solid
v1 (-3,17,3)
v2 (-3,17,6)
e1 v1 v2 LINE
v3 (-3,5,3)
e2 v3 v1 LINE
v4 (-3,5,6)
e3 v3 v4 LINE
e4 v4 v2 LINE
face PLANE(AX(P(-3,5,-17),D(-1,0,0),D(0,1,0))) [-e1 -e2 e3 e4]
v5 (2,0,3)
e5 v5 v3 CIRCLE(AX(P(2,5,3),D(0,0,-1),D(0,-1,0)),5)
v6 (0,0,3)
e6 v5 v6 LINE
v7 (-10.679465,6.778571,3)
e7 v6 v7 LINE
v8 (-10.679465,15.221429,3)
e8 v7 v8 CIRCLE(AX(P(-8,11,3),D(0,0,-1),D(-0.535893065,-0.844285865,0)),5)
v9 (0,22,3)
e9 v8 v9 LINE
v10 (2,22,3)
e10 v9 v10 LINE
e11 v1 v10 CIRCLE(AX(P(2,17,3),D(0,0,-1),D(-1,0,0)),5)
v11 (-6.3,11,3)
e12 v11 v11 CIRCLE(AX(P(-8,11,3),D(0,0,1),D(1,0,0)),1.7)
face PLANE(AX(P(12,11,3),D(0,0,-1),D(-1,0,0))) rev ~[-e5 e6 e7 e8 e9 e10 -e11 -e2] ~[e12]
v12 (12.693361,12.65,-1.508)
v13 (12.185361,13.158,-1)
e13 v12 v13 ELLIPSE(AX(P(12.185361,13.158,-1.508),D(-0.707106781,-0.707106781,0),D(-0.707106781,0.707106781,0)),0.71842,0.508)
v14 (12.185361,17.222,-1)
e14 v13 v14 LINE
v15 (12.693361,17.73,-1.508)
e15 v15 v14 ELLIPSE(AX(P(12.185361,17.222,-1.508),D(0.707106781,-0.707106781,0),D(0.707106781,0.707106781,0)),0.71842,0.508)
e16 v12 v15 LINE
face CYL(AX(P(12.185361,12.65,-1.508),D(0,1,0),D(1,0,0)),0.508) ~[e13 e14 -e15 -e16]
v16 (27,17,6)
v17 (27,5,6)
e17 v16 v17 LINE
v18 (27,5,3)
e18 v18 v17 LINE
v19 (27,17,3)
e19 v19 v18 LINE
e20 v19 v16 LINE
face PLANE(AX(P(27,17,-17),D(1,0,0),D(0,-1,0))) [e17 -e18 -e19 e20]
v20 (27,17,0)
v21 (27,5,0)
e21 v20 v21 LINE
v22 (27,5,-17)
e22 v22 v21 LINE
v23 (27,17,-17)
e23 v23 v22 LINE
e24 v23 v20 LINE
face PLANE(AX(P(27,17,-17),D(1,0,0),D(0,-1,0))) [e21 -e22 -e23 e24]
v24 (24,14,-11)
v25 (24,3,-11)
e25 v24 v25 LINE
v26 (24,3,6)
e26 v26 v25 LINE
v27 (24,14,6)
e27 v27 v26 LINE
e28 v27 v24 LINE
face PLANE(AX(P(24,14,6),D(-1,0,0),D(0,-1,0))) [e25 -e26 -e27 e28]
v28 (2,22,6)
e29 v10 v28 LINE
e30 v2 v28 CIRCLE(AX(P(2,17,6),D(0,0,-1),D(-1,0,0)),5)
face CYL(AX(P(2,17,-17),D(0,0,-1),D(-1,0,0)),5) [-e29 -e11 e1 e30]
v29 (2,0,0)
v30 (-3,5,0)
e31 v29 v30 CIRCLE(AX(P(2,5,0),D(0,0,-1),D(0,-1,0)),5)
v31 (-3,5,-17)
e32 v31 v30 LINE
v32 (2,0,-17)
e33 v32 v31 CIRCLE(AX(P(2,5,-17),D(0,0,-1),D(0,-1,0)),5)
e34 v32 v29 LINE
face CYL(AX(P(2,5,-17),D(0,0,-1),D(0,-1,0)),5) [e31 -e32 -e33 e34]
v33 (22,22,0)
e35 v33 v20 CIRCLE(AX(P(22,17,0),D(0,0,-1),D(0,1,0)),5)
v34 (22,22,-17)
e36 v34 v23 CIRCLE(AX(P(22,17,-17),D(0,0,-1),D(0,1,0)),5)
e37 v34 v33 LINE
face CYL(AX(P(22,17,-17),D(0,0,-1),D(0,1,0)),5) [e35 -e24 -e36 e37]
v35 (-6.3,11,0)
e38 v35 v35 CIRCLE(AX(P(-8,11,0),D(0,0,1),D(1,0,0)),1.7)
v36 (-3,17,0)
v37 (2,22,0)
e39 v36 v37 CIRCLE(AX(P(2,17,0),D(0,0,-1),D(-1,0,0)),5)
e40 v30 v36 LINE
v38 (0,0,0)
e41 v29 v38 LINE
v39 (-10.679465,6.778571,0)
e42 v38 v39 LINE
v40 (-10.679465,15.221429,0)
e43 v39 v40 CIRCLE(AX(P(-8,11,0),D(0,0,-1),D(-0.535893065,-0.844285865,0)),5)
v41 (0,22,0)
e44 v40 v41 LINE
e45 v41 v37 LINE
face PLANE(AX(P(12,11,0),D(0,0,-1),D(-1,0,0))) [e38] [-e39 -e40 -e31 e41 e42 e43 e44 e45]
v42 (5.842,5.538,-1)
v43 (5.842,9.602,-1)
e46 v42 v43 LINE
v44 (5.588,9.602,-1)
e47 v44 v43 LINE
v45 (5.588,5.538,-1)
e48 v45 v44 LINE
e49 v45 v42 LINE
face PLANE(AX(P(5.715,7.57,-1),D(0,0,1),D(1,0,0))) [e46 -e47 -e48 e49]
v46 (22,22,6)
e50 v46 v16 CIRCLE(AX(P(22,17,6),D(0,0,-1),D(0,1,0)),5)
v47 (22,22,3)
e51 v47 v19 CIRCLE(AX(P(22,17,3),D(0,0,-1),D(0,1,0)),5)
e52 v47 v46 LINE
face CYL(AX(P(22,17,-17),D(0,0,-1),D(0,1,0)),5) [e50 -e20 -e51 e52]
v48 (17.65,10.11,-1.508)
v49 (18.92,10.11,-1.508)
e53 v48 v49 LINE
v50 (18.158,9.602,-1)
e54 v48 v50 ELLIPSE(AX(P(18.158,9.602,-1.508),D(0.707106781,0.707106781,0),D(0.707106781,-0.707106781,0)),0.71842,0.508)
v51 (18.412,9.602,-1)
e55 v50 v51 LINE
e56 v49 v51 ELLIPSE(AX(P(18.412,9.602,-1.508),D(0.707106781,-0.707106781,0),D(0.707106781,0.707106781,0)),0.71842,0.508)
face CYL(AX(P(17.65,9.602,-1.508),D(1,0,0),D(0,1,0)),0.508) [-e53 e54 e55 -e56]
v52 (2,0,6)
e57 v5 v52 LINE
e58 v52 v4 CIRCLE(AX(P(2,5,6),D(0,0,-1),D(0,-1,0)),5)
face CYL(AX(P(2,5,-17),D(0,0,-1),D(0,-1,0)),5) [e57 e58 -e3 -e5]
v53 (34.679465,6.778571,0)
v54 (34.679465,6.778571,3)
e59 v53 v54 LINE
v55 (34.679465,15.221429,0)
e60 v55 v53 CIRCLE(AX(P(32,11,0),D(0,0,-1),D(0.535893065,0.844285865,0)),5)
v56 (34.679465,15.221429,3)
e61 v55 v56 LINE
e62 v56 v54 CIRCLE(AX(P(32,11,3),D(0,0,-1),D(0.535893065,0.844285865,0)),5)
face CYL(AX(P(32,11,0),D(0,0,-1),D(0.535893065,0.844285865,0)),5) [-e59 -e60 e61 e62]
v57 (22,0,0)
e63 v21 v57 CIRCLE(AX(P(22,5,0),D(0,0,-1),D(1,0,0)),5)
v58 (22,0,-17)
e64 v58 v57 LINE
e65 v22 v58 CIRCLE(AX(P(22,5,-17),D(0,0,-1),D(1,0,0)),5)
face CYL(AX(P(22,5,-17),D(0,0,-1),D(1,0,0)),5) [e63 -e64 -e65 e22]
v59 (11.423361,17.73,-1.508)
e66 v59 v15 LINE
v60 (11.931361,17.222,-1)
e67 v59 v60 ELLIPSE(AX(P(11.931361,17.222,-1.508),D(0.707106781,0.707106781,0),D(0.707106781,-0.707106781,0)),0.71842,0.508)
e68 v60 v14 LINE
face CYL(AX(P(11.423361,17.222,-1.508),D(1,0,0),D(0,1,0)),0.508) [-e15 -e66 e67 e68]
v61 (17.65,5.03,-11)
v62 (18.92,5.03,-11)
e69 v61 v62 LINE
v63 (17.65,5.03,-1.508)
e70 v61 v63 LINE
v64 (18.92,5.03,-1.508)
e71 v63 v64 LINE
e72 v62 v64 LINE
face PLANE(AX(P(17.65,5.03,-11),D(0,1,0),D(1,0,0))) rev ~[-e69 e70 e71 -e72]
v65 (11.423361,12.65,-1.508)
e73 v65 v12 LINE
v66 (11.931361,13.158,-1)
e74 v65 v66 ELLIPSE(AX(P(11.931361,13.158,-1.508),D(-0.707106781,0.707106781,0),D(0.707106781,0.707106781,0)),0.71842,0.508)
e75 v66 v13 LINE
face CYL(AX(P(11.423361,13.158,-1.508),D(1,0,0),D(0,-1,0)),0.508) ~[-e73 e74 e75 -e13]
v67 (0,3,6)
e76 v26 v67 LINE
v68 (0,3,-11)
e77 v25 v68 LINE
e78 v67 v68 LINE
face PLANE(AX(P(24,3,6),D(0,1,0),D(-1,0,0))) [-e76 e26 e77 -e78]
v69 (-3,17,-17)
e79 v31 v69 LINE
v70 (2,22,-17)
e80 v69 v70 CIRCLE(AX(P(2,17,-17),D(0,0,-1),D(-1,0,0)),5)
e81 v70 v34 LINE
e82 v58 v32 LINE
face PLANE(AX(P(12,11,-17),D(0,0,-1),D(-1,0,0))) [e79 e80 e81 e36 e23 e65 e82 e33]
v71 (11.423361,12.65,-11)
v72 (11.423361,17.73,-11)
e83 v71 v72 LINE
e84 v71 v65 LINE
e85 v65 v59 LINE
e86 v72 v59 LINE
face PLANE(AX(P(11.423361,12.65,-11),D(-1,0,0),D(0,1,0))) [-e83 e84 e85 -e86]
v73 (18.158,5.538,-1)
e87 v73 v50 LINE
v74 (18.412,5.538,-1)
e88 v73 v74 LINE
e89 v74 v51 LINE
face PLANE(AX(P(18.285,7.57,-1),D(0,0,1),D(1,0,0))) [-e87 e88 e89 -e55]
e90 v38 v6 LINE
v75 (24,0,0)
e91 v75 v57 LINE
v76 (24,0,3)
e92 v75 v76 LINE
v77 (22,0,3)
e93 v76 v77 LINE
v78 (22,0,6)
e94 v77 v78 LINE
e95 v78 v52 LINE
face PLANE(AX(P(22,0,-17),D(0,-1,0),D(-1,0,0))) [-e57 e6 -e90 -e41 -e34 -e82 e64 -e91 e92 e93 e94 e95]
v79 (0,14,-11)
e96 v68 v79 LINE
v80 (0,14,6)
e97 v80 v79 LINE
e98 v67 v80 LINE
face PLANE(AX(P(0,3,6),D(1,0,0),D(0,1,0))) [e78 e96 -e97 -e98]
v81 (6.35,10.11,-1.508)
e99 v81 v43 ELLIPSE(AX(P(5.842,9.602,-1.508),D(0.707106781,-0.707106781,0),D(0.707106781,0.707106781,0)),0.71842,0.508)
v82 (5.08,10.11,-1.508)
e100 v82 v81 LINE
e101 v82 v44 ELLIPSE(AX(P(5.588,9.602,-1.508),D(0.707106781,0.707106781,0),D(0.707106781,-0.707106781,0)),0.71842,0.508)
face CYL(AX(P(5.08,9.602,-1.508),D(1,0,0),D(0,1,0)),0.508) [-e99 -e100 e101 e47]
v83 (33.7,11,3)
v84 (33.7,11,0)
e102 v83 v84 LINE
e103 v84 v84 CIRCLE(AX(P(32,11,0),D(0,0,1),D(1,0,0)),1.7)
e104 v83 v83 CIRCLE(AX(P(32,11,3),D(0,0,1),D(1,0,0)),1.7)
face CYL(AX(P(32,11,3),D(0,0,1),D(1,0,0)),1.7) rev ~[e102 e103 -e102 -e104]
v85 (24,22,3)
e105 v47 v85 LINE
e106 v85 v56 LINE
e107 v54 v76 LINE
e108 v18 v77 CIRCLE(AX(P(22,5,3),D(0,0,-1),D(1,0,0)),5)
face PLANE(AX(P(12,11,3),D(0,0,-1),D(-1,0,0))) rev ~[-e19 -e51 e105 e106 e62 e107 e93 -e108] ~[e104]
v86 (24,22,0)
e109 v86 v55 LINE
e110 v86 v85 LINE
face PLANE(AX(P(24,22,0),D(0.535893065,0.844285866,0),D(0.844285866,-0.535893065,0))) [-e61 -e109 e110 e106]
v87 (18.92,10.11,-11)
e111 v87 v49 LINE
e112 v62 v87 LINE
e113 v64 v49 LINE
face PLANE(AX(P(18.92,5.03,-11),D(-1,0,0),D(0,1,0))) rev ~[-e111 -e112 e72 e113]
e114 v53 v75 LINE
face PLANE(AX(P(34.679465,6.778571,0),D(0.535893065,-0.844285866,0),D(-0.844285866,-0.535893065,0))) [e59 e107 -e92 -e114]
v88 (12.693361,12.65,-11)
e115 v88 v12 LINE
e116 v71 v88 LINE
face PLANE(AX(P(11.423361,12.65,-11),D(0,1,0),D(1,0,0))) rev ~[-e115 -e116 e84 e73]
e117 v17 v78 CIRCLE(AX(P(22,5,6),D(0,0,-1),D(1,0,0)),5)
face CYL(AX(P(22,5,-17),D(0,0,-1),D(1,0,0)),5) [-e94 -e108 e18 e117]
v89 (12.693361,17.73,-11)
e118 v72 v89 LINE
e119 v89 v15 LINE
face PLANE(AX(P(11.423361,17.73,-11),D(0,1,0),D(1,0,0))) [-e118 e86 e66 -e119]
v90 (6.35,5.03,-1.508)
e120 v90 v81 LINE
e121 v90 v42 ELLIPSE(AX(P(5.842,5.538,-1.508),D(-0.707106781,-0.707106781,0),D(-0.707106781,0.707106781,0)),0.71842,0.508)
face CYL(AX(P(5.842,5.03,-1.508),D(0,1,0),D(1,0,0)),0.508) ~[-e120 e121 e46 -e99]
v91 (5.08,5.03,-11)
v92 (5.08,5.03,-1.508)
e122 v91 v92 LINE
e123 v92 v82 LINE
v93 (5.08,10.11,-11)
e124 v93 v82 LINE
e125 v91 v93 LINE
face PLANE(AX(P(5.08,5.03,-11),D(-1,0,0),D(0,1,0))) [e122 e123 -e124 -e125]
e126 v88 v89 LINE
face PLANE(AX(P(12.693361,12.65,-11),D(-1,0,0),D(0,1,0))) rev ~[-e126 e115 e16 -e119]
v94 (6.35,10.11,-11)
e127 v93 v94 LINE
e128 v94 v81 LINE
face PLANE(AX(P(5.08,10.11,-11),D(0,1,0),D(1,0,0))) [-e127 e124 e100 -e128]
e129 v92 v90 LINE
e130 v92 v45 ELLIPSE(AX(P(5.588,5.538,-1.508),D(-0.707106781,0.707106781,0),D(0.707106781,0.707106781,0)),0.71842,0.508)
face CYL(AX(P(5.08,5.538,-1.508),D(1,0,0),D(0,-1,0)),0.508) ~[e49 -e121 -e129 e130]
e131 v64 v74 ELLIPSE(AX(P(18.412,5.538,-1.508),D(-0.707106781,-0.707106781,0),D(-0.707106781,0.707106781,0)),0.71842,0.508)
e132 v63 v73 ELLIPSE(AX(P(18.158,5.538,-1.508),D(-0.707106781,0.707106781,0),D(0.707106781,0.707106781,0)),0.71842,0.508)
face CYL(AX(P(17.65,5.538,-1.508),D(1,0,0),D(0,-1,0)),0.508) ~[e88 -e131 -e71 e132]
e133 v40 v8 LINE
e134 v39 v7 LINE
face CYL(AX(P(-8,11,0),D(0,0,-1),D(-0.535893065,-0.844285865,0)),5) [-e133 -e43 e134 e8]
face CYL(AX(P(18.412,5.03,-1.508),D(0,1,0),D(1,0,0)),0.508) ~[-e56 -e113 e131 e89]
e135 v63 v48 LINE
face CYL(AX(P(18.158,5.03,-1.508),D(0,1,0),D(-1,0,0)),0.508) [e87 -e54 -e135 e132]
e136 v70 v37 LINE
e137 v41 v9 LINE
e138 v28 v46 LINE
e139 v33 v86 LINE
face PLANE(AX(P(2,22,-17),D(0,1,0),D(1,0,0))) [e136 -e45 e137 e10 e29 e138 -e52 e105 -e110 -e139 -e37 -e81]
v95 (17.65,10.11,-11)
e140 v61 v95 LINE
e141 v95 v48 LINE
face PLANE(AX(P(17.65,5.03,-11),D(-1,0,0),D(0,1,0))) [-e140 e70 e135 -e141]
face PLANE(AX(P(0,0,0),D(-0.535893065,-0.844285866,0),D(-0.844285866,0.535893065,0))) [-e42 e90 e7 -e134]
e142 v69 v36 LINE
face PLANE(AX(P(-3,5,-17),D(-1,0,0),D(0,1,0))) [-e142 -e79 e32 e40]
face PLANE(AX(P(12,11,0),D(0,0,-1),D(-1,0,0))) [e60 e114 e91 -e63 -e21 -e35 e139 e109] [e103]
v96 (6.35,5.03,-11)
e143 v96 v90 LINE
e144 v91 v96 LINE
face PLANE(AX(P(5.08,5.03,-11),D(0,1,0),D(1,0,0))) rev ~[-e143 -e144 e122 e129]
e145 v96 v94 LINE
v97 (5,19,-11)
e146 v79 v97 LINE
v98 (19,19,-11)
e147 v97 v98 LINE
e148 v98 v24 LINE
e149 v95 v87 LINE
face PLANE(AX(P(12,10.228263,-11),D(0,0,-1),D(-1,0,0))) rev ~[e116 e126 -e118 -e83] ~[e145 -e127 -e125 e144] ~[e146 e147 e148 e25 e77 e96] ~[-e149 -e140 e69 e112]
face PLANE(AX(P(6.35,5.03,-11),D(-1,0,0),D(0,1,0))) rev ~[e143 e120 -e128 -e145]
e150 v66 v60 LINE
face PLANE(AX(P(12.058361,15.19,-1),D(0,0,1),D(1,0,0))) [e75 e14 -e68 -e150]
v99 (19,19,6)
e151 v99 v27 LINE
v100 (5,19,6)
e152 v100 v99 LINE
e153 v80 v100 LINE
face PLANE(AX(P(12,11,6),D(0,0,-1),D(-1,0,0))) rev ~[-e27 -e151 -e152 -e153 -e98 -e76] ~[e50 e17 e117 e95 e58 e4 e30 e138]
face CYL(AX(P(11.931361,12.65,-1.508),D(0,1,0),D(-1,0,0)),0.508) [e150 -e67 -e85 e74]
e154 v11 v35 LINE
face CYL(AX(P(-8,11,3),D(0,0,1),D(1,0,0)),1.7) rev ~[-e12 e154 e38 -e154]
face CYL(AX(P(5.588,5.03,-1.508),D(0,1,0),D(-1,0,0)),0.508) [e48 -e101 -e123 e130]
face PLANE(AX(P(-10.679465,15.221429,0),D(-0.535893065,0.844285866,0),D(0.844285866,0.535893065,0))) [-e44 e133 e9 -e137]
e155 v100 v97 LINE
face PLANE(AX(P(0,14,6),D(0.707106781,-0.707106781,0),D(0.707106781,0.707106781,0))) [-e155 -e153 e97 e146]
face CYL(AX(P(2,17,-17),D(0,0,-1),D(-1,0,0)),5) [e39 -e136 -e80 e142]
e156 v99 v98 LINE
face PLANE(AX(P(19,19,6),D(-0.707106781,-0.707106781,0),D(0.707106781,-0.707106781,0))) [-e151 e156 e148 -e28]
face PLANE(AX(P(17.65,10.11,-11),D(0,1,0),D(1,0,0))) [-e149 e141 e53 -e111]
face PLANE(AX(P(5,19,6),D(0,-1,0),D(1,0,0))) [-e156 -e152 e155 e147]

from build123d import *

# Parameters (mm, degrees)
BOSS_EXTRUDE1_DEPTH      = 3
SKETCH2_R                = 1.7
CUT_EXTRUDE1_DEPTH       = 3
BOSS_EXTRUDE2_DEPTH      = 3
BOSS_EXTRUDE2_DEPTH_BACK = 20
CUT_EXTRUDE2_DEPTH       = 17
SKETCH6_W                = 1.27
SKETCH6_H                = 5.08
BOSS_EXTRUDE3_DEPTH      = 10
FILLET1_R                = 0.508


with BuildPart() as part:
    # Sketch1 → Boss-Extrude1 (new body)
    with BuildSketch(Plane.XY):
        with BuildLine():
            Line((24, 22), (34.679465326, 15.221429328))
            ThreePointArc((34.679465326, 15.221429328), (37, 11), (34.679465326, 6.778570672))
            Line((34.679465326, 6.778570672), (24, 0))
            Line((24, 0), (0, 0))
            Line((0, 0), (-10.679465326, 6.778570672))
            ThreePointArc((-10.679465326, 6.778570672), (-13, 11), (-10.679465326, 15.221429328))
            Line((-10.679465326, 15.221429328), (0, 22))
            Line((0, 22), (24, 22))
        make_face()
    extrude(amount=BOSS_EXTRUDE1_DEPTH)

    # Sketch2 → Cut-Extrude1 (cut)
    with BuildSketch(Plane.XY.offset(3)):
        with Locations((32, 11)):
            Circle(SKETCH2_R)
        with Locations((-8, 11)):
            Circle(SKETCH2_R)
    extrude(amount=-CUT_EXTRUDE1_DEPTH, mode=Mode.SUBTRACT)

    # Sketch3 → Boss-Extrude2 (add, two sides: drawn at the far end of the back side and taken through both)
    with BuildSketch(Plane.XY.offset(3).offset(-BOSS_EXTRUDE2_DEPTH_BACK)):
        with BuildLine():
            Line((2, 22), (22, 22))
            ThreePointArc((22, 22), (25.535533906, 20.535533906), (27, 17))
            Line((27, 17), (27, 5))
            ThreePointArc((27, 5), (25.535533906, 1.464466094), (22, 0))
            Line((22, 0), (2, 0))
            ThreePointArc((2, 0), (-1.535533906, 1.464466094), (-3, 5))
            Line((-3, 5), (-3, 17))
            ThreePointArc((-3, 17), (-1.535533906, 20.535533906), (2, 22))
        make_face()
    extrude(amount=BOSS_EXTRUDE2_DEPTH + BOSS_EXTRUDE2_DEPTH_BACK)

    # Sketch5 → Cut-Extrude2 (cut)
    with BuildSketch(Plane.XY.offset(6)):
        Polygon((5, 19), (19, 19), (24, 14), (24, 3), (0, 3), (0, 14), align=None)
    extrude(amount=-CUT_EXTRUDE2_DEPTH, mode=Mode.SUBTRACT)

    # Sketch6 → Boss-Extrude3 (add)
    with BuildSketch(Plane.XY.offset(-11)):
        with Locations((12.058361068, 15.19)):
            Rectangle(SKETCH6_W, SKETCH6_H)
        with Locations((18.285, 7.57)):
            Rectangle(SKETCH6_W, SKETCH6_H)
        with Locations((5.715, 7.57)):
            Rectangle(SKETCH6_W, SKETCH6_H)
    extrude(amount=BOSS_EXTRUDE3_DEPTH)

    # Fillet1
    fillet1_edges = [part.edges().sort_by_distance(p)[0] for p in [
        (18.92, 7.57, -1),
        (18.285, 10.11, -1),
        (17.65, 7.57, -1),
        (18.285, 5.03, -1),
        (6.35, 7.57, -1),
        (5.715, 10.11, -1),
        (5.08, 7.57, -1),
        (5.715, 5.03, -1),
        (12.693361068, 15.19, -1),
        (12.058361068, 17.73, -1),
        (11.423361068, 15.19, -1),
        (12.058361068, 12.65, -1),
    ]]
    fillet(fillet1_edges, radius=FILLET1_R)


solid = part.part
